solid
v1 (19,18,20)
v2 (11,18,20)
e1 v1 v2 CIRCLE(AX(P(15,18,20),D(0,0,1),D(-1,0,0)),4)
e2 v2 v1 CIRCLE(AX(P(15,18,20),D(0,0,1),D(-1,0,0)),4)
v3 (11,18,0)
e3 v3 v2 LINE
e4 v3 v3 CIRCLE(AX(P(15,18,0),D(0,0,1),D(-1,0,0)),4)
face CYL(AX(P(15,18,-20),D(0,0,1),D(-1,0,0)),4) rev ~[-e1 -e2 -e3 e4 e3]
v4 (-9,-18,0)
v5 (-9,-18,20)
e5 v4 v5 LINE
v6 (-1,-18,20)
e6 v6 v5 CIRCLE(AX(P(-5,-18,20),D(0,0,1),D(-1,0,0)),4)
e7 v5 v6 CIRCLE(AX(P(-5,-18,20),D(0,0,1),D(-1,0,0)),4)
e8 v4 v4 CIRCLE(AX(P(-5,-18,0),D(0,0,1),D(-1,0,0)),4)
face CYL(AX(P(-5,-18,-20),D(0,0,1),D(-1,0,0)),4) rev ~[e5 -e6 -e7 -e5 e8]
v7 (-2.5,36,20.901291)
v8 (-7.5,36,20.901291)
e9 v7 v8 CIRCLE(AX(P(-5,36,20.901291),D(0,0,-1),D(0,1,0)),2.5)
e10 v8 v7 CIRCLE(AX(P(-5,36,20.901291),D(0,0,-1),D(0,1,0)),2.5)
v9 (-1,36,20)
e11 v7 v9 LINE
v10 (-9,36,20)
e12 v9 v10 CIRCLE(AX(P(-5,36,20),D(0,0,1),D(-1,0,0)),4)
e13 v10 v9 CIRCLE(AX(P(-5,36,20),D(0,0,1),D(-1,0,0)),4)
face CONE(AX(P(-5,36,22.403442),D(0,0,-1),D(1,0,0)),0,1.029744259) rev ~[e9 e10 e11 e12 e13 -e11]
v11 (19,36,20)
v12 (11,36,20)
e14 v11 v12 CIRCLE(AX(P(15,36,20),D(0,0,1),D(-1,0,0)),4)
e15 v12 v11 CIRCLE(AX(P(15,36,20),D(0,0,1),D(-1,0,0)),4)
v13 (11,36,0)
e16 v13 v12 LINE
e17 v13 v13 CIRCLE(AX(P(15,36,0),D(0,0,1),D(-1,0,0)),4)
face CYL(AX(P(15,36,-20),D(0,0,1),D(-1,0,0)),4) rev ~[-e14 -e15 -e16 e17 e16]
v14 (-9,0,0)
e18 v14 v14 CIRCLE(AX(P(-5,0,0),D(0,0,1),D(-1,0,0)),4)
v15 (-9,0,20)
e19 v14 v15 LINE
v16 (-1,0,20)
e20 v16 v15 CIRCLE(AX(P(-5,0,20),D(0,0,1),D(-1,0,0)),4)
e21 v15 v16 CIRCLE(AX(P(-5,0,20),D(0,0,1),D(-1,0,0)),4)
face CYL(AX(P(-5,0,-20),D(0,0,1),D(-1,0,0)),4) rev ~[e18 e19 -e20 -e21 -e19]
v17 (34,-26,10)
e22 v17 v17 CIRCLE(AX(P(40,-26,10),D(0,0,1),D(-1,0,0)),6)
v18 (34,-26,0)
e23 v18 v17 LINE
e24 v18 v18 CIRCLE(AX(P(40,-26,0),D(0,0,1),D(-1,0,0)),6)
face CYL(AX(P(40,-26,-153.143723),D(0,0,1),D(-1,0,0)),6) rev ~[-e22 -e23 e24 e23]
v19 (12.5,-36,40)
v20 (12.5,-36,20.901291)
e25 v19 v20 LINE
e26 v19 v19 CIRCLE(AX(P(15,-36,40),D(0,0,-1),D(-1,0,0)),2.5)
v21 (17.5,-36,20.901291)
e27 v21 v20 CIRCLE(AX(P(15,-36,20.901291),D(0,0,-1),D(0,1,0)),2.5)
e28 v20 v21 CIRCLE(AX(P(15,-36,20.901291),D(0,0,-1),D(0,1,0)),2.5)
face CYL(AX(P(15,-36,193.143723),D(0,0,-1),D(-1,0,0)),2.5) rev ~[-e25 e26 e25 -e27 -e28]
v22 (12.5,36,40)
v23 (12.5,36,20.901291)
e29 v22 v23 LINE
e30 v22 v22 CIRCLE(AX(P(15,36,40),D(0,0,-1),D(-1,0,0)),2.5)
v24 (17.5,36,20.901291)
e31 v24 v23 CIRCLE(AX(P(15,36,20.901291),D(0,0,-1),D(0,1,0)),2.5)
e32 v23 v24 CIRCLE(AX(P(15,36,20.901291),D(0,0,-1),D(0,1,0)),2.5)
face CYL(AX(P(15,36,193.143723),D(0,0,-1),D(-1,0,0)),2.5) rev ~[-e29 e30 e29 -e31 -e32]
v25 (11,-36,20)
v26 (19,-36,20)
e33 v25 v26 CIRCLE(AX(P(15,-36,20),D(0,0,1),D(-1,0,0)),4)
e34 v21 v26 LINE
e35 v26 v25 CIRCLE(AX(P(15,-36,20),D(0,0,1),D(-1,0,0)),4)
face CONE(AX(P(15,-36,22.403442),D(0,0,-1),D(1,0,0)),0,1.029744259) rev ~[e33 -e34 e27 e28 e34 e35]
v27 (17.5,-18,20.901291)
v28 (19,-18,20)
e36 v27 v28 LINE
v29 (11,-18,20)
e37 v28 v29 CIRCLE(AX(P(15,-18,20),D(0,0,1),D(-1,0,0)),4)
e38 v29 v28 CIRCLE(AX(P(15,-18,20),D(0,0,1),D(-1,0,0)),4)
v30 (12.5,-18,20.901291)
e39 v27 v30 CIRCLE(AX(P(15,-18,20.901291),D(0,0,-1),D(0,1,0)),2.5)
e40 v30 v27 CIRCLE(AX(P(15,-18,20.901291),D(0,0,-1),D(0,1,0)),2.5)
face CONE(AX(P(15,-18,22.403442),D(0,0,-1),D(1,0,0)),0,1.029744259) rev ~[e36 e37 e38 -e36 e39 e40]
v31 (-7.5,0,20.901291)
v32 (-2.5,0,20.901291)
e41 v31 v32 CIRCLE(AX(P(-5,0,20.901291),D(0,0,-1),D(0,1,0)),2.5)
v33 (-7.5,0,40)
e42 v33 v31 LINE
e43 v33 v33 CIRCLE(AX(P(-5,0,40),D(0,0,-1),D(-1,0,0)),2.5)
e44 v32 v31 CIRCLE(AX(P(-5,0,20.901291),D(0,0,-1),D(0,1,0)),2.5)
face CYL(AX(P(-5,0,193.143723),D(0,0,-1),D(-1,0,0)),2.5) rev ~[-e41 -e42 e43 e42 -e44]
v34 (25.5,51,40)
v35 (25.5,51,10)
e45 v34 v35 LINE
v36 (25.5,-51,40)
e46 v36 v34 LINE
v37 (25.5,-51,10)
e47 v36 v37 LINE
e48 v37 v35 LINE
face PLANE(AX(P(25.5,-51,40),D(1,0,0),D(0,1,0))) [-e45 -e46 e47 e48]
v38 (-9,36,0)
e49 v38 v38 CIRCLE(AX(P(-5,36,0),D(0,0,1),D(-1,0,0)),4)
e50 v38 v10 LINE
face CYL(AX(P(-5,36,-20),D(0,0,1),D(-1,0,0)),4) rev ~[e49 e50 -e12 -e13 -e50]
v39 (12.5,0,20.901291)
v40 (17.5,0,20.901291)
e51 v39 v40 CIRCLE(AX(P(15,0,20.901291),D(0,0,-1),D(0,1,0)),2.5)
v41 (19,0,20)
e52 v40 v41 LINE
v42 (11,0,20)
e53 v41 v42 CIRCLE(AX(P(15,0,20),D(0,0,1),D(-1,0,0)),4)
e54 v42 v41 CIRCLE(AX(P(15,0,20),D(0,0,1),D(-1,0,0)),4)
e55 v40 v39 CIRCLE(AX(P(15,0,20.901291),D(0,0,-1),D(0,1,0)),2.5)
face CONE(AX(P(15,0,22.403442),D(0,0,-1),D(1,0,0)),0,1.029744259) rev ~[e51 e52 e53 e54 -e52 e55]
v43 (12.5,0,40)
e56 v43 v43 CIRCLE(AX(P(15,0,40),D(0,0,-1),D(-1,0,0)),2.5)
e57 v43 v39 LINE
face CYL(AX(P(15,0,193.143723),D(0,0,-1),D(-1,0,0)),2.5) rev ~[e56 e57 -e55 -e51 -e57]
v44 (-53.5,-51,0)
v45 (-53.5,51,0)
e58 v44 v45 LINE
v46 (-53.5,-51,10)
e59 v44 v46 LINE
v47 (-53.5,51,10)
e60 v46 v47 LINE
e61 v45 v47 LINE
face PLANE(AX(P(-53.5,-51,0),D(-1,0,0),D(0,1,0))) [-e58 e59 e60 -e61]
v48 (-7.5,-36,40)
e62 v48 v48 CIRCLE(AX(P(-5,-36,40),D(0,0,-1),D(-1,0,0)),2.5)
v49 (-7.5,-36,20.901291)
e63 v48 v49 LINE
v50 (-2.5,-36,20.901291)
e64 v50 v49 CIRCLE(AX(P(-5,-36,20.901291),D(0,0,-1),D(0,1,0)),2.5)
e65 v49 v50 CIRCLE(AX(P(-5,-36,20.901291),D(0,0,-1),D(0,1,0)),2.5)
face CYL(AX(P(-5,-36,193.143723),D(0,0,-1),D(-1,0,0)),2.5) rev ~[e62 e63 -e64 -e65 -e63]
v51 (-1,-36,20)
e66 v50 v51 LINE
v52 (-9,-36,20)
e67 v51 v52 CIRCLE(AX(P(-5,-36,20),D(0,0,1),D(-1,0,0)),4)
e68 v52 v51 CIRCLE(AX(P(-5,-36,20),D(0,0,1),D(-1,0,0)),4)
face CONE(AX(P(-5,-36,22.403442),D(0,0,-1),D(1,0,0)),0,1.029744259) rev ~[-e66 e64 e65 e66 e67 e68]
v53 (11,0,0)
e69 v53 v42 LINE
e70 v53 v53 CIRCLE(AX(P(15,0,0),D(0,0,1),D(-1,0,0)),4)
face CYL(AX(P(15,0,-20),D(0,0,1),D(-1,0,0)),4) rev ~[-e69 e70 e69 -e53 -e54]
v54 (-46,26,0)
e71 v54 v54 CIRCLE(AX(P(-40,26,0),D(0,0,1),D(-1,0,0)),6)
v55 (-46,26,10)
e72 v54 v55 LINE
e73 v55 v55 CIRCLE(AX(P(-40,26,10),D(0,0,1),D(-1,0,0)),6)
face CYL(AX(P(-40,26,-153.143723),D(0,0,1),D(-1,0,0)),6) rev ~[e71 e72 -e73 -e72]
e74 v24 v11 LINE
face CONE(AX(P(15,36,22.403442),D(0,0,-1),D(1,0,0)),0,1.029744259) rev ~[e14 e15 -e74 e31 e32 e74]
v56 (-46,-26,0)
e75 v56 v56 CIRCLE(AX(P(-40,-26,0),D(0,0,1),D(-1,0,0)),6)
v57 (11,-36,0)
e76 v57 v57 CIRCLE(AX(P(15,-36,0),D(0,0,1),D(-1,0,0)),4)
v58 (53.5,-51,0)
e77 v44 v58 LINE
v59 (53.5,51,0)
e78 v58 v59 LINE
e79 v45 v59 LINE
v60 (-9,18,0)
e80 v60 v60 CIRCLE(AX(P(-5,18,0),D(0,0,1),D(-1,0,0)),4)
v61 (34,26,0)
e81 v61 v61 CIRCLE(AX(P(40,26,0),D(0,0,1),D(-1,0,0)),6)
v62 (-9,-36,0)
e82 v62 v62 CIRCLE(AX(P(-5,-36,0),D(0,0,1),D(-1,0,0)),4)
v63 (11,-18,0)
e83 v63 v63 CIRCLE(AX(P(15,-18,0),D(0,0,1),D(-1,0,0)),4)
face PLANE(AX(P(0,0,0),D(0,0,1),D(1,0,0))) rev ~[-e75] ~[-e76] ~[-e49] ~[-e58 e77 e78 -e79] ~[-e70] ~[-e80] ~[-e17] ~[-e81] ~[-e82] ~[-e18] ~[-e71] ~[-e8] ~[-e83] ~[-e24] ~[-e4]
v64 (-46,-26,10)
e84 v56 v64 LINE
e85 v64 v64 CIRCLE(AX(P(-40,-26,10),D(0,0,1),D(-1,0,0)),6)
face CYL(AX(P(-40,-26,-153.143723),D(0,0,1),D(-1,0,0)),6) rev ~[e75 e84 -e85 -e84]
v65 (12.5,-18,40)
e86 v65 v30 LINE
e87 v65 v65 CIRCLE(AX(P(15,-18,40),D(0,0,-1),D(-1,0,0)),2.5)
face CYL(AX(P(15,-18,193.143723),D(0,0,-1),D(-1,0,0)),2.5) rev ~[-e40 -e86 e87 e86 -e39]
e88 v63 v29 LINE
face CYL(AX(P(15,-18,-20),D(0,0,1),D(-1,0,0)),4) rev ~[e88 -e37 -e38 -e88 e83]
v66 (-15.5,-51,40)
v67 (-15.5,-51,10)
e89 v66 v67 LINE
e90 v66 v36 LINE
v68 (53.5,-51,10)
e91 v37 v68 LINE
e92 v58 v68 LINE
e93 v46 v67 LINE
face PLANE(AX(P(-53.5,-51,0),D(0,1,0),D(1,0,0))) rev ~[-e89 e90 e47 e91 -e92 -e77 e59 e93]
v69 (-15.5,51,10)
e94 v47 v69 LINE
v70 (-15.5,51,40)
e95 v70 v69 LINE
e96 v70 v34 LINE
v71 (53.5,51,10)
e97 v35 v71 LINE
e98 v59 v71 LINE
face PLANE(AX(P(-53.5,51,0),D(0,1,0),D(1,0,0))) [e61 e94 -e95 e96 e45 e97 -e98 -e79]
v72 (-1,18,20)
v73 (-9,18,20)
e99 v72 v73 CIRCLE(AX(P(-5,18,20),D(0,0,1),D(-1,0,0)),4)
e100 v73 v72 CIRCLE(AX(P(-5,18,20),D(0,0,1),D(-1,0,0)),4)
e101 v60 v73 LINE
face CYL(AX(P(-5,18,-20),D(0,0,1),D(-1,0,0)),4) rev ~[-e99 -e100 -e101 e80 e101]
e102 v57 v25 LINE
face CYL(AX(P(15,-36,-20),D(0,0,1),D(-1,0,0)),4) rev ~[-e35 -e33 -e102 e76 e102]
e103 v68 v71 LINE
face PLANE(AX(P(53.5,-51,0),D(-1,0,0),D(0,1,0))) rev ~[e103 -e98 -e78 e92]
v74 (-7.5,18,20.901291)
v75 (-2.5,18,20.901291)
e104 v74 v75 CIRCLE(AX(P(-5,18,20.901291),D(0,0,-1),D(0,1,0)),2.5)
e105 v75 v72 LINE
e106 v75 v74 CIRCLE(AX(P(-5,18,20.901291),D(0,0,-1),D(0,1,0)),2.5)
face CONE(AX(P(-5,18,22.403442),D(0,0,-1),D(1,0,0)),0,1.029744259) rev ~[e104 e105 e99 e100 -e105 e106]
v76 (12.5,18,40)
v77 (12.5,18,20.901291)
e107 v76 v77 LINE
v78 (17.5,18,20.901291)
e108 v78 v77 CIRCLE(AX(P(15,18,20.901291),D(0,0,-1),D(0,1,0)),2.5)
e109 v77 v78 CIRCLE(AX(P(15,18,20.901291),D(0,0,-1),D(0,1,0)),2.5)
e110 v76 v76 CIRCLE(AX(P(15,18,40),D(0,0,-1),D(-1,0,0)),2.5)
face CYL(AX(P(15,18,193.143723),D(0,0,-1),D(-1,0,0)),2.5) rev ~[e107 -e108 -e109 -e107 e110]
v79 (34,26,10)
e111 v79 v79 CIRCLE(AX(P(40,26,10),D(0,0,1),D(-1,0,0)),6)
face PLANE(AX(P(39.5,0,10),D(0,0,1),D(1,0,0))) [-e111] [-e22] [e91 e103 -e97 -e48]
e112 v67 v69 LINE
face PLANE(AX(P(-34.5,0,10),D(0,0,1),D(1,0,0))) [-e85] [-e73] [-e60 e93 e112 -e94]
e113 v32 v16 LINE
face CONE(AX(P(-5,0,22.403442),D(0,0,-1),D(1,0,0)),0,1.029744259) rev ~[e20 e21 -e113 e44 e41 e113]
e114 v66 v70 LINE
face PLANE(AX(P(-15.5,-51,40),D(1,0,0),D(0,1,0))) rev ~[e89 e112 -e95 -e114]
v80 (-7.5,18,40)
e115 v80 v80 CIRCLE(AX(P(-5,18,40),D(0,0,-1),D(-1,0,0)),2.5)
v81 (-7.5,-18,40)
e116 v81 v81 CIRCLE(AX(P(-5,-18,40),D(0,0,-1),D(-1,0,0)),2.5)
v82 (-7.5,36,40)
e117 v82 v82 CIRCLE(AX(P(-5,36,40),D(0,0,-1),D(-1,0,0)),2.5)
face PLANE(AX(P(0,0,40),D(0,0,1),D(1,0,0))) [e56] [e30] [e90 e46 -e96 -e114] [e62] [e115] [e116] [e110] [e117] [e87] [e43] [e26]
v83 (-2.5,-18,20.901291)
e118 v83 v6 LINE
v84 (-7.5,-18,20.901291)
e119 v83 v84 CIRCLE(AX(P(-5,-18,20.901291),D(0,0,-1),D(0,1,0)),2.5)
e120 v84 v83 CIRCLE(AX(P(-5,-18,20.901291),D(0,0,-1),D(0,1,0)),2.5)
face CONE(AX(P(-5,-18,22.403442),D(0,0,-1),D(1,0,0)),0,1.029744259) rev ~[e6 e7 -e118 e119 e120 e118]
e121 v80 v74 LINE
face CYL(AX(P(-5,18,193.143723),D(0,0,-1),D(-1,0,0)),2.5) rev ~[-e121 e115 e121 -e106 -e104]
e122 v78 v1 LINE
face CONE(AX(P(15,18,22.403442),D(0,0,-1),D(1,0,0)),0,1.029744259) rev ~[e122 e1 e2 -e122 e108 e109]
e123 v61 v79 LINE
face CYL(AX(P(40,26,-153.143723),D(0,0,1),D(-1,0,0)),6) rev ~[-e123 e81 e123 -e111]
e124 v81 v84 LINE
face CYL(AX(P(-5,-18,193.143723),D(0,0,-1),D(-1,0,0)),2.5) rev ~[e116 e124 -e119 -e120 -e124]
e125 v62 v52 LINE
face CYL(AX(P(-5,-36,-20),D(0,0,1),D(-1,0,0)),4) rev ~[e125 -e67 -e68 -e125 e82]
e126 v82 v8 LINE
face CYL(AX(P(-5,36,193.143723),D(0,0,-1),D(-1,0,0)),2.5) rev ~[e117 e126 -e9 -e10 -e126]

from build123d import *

# Parameters (mm, degrees)
F0_W     = 107
F0_H     = 102
F1_DEPTH = 40
F2_W     = 38
F2_H     = 102
F2_W_2   = 28
F3_DEPTH = 30
F5_D     = 8
F5_DEPTH = 20
F5_TIP   = 2.4034424761
F7_D     = 5
F9_D     = 12


with BuildPart() as f1:
    # F0 (on Top) → F1 (new body)
    with BuildSketch(Plane.XY):
        Rectangle(F0_W, F0_H)
    extrude(amount=F1_DEPTH)

    # F2 (on face) → F3 (cut)
    with BuildSketch(Plane.XY.offset(40)):
        with Locations((-34.5, 0)):
            Rectangle(F2_W, F2_H)
        with Locations((39.5, 0)):
            Rectangle(F2_W_2, F2_H)
    extrude(amount=-F3_DEPTH, mode=Mode.SUBTRACT)

    # F5
    with Locations(Plane(origin=(0, 0, 0), x_dir=(1, 0, 0), z_dir=(0, 0, -1))):
        with Locations((-5, -18), (-5, -36), (15, -36), (15, -18), (-5, 0), (15, 0), (15, 18), (-5, 18), (-5, 36), (15, 36)):
            Hole(F5_D / 2, depth=F5_DEPTH)
            with Locations((0, 0, -(F5_DEPTH + F5_TIP / 2))):  # 118° drill point
                Cone(0, F5_D / 2, F5_TIP, mode=Mode.SUBTRACT)

    # F7 (through all)
    with Locations(Plane.XY.offset(40)):
        with Locations((-5, -36), (15, -36), (-5, -18), (15, -18), (-5, 0), (15, 0), (-5, 18), (15, 18), (-5, 36), (15, 36)):
            Hole(F7_D / 2)

    # F9 (through all)
    with Locations(Plane(origin=(0, 0, 0), x_dir=(1, 0, 0), z_dir=(0, 0, -1))):
        with Locations((-40, 26), (-40, -26), (40, -26), (40, 26)):
            Hole(F9_D / 2)


solid = f1.part
